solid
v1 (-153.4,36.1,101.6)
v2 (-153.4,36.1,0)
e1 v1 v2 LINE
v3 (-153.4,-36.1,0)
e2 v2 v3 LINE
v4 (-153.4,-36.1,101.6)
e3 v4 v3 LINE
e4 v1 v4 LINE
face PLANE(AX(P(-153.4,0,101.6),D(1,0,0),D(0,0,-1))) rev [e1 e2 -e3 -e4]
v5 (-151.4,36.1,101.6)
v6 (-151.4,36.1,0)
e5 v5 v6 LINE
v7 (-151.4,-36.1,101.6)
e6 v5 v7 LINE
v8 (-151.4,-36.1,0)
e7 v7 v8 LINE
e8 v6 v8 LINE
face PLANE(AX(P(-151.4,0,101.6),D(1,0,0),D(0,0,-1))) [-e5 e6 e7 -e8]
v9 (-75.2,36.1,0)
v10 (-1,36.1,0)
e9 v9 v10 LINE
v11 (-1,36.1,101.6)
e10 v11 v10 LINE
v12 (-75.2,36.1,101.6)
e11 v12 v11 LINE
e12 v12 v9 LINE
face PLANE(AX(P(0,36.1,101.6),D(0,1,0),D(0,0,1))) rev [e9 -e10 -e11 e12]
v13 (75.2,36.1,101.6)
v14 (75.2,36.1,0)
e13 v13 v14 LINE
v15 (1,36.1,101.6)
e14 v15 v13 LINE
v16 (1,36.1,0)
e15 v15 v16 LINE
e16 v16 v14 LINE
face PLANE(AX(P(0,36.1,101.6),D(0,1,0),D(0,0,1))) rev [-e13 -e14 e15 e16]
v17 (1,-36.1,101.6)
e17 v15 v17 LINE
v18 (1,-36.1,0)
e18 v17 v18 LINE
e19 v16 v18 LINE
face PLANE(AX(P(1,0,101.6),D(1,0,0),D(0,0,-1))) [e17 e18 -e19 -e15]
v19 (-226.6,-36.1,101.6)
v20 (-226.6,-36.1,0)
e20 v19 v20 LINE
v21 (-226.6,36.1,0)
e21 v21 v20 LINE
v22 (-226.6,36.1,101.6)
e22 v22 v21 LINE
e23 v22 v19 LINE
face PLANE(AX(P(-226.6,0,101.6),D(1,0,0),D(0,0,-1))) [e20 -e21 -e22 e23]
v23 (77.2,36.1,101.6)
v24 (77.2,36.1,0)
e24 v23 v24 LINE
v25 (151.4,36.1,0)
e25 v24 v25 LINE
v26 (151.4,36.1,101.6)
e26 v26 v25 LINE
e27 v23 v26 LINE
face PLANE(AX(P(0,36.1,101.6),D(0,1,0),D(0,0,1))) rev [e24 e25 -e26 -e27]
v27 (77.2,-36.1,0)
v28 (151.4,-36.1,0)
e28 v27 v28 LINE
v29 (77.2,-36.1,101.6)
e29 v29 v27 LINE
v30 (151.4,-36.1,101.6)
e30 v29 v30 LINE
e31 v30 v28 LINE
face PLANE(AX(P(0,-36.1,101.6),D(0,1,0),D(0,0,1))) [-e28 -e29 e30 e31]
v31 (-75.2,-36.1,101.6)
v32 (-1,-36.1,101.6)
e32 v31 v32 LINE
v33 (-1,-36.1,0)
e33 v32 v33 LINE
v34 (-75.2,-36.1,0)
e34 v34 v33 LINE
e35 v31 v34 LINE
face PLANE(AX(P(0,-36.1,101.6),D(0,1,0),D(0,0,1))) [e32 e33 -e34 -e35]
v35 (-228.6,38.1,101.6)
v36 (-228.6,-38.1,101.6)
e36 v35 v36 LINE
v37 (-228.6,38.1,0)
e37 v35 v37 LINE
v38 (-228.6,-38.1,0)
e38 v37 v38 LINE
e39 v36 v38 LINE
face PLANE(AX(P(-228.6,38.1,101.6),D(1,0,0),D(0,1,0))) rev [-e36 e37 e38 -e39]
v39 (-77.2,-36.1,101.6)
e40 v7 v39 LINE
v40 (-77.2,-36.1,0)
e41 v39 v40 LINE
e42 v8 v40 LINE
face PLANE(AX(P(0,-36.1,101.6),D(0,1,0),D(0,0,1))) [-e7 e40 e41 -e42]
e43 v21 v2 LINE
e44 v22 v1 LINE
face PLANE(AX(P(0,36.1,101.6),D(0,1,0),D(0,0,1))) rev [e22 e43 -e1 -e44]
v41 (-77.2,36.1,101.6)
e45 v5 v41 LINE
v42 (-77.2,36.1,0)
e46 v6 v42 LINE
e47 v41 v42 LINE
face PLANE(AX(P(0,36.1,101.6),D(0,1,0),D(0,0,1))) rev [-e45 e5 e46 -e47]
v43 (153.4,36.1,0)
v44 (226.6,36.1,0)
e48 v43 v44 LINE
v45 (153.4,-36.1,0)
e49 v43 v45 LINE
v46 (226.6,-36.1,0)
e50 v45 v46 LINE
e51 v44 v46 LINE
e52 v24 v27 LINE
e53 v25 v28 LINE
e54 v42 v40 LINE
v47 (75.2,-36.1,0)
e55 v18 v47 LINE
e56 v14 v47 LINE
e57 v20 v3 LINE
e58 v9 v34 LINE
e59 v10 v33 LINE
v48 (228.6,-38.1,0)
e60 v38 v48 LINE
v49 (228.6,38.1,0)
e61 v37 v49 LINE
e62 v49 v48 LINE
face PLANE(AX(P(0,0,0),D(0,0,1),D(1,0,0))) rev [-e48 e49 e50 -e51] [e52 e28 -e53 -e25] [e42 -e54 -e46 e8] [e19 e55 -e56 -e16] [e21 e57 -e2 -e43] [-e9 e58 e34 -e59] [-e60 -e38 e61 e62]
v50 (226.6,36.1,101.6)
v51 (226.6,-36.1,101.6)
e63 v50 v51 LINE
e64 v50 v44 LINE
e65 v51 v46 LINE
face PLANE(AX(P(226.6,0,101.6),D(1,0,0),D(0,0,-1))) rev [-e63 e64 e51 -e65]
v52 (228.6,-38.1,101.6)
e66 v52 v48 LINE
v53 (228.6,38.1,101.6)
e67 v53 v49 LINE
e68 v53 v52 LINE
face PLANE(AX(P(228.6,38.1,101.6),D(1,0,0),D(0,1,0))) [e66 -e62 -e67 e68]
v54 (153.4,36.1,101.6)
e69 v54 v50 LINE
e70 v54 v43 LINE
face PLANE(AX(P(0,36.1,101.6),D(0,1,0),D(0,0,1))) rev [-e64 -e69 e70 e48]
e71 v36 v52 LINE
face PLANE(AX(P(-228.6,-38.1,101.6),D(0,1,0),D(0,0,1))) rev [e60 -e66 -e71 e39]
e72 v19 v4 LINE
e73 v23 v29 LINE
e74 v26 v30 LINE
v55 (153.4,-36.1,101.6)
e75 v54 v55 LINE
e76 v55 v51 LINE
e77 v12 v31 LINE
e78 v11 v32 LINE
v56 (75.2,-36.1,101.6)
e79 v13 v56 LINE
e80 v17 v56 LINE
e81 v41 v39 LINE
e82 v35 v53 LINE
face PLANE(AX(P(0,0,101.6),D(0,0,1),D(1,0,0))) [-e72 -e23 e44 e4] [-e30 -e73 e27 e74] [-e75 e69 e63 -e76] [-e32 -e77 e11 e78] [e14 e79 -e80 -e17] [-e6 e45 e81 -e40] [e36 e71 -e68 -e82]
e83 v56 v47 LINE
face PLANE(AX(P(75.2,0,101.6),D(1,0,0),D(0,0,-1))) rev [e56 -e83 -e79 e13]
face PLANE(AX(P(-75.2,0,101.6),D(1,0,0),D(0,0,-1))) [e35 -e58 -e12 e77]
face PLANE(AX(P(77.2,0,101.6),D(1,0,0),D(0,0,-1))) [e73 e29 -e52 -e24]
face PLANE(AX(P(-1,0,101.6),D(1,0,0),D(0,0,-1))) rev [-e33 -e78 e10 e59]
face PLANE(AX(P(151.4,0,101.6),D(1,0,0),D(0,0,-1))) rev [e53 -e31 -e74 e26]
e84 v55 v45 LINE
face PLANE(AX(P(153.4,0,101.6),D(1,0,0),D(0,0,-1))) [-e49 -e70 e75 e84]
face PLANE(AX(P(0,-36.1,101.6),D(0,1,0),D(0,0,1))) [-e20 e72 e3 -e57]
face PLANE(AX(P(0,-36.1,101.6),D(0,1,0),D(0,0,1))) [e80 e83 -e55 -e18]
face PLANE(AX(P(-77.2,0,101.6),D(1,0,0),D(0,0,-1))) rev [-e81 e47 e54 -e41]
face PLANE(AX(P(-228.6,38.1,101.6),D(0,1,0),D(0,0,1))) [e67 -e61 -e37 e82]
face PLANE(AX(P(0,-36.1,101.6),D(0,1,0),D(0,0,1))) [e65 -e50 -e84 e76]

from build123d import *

# Parameters (mm, degrees)
SKETCH_1_W          = 457.2
SKETCH_1_H          = 76.2
EXTRUDE_1_DEPTH     = 101.6
SKETCH_1_3_W        = 73.2
SKETCH_1_3_H        = 72.2
SKETCH_1_3_W_2      = 74.2
CUT_EXTRUDE_1_DEPTH = 102.6


with BuildPart() as part:
    # Эскиз1 → Бобышка-Вытянуть1 (new body)
    with BuildSketch(Plane.XY):
        Rectangle(SKETCH_1_W, SKETCH_1_H)
    extrude(amount=EXTRUDE_1_DEPTH)

    # Эскиз1<3> → Вырез-Вытянуть1 (cut, through all)
    with BuildSketch(Plane.XY):
        with Locations((-190, 0)):
            Rectangle(SKETCH_1_3_W, SKETCH_1_3_H)
        with Locations((-114.3, 0)):
            Rectangle(SKETCH_1_3_W_2, SKETCH_1_3_H)
        with Locations((-38.1, 0)):
            Rectangle(SKETCH_1_3_W_2, SKETCH_1_3_H)
        with Locations((38.1, 0)):
            Rectangle(SKETCH_1_3_W_2, SKETCH_1_3_H)
        with Locations((114.3, 0)):
            Rectangle(SKETCH_1_3_W_2, SKETCH_1_3_H)
        with Locations((190, 0)):
            Rectangle(SKETCH_1_3_W, SKETCH_1_3_H)
    extrude(amount=CUT_EXTRUDE_1_DEPTH, mode=Mode.SUBTRACT)


solid = part.part
